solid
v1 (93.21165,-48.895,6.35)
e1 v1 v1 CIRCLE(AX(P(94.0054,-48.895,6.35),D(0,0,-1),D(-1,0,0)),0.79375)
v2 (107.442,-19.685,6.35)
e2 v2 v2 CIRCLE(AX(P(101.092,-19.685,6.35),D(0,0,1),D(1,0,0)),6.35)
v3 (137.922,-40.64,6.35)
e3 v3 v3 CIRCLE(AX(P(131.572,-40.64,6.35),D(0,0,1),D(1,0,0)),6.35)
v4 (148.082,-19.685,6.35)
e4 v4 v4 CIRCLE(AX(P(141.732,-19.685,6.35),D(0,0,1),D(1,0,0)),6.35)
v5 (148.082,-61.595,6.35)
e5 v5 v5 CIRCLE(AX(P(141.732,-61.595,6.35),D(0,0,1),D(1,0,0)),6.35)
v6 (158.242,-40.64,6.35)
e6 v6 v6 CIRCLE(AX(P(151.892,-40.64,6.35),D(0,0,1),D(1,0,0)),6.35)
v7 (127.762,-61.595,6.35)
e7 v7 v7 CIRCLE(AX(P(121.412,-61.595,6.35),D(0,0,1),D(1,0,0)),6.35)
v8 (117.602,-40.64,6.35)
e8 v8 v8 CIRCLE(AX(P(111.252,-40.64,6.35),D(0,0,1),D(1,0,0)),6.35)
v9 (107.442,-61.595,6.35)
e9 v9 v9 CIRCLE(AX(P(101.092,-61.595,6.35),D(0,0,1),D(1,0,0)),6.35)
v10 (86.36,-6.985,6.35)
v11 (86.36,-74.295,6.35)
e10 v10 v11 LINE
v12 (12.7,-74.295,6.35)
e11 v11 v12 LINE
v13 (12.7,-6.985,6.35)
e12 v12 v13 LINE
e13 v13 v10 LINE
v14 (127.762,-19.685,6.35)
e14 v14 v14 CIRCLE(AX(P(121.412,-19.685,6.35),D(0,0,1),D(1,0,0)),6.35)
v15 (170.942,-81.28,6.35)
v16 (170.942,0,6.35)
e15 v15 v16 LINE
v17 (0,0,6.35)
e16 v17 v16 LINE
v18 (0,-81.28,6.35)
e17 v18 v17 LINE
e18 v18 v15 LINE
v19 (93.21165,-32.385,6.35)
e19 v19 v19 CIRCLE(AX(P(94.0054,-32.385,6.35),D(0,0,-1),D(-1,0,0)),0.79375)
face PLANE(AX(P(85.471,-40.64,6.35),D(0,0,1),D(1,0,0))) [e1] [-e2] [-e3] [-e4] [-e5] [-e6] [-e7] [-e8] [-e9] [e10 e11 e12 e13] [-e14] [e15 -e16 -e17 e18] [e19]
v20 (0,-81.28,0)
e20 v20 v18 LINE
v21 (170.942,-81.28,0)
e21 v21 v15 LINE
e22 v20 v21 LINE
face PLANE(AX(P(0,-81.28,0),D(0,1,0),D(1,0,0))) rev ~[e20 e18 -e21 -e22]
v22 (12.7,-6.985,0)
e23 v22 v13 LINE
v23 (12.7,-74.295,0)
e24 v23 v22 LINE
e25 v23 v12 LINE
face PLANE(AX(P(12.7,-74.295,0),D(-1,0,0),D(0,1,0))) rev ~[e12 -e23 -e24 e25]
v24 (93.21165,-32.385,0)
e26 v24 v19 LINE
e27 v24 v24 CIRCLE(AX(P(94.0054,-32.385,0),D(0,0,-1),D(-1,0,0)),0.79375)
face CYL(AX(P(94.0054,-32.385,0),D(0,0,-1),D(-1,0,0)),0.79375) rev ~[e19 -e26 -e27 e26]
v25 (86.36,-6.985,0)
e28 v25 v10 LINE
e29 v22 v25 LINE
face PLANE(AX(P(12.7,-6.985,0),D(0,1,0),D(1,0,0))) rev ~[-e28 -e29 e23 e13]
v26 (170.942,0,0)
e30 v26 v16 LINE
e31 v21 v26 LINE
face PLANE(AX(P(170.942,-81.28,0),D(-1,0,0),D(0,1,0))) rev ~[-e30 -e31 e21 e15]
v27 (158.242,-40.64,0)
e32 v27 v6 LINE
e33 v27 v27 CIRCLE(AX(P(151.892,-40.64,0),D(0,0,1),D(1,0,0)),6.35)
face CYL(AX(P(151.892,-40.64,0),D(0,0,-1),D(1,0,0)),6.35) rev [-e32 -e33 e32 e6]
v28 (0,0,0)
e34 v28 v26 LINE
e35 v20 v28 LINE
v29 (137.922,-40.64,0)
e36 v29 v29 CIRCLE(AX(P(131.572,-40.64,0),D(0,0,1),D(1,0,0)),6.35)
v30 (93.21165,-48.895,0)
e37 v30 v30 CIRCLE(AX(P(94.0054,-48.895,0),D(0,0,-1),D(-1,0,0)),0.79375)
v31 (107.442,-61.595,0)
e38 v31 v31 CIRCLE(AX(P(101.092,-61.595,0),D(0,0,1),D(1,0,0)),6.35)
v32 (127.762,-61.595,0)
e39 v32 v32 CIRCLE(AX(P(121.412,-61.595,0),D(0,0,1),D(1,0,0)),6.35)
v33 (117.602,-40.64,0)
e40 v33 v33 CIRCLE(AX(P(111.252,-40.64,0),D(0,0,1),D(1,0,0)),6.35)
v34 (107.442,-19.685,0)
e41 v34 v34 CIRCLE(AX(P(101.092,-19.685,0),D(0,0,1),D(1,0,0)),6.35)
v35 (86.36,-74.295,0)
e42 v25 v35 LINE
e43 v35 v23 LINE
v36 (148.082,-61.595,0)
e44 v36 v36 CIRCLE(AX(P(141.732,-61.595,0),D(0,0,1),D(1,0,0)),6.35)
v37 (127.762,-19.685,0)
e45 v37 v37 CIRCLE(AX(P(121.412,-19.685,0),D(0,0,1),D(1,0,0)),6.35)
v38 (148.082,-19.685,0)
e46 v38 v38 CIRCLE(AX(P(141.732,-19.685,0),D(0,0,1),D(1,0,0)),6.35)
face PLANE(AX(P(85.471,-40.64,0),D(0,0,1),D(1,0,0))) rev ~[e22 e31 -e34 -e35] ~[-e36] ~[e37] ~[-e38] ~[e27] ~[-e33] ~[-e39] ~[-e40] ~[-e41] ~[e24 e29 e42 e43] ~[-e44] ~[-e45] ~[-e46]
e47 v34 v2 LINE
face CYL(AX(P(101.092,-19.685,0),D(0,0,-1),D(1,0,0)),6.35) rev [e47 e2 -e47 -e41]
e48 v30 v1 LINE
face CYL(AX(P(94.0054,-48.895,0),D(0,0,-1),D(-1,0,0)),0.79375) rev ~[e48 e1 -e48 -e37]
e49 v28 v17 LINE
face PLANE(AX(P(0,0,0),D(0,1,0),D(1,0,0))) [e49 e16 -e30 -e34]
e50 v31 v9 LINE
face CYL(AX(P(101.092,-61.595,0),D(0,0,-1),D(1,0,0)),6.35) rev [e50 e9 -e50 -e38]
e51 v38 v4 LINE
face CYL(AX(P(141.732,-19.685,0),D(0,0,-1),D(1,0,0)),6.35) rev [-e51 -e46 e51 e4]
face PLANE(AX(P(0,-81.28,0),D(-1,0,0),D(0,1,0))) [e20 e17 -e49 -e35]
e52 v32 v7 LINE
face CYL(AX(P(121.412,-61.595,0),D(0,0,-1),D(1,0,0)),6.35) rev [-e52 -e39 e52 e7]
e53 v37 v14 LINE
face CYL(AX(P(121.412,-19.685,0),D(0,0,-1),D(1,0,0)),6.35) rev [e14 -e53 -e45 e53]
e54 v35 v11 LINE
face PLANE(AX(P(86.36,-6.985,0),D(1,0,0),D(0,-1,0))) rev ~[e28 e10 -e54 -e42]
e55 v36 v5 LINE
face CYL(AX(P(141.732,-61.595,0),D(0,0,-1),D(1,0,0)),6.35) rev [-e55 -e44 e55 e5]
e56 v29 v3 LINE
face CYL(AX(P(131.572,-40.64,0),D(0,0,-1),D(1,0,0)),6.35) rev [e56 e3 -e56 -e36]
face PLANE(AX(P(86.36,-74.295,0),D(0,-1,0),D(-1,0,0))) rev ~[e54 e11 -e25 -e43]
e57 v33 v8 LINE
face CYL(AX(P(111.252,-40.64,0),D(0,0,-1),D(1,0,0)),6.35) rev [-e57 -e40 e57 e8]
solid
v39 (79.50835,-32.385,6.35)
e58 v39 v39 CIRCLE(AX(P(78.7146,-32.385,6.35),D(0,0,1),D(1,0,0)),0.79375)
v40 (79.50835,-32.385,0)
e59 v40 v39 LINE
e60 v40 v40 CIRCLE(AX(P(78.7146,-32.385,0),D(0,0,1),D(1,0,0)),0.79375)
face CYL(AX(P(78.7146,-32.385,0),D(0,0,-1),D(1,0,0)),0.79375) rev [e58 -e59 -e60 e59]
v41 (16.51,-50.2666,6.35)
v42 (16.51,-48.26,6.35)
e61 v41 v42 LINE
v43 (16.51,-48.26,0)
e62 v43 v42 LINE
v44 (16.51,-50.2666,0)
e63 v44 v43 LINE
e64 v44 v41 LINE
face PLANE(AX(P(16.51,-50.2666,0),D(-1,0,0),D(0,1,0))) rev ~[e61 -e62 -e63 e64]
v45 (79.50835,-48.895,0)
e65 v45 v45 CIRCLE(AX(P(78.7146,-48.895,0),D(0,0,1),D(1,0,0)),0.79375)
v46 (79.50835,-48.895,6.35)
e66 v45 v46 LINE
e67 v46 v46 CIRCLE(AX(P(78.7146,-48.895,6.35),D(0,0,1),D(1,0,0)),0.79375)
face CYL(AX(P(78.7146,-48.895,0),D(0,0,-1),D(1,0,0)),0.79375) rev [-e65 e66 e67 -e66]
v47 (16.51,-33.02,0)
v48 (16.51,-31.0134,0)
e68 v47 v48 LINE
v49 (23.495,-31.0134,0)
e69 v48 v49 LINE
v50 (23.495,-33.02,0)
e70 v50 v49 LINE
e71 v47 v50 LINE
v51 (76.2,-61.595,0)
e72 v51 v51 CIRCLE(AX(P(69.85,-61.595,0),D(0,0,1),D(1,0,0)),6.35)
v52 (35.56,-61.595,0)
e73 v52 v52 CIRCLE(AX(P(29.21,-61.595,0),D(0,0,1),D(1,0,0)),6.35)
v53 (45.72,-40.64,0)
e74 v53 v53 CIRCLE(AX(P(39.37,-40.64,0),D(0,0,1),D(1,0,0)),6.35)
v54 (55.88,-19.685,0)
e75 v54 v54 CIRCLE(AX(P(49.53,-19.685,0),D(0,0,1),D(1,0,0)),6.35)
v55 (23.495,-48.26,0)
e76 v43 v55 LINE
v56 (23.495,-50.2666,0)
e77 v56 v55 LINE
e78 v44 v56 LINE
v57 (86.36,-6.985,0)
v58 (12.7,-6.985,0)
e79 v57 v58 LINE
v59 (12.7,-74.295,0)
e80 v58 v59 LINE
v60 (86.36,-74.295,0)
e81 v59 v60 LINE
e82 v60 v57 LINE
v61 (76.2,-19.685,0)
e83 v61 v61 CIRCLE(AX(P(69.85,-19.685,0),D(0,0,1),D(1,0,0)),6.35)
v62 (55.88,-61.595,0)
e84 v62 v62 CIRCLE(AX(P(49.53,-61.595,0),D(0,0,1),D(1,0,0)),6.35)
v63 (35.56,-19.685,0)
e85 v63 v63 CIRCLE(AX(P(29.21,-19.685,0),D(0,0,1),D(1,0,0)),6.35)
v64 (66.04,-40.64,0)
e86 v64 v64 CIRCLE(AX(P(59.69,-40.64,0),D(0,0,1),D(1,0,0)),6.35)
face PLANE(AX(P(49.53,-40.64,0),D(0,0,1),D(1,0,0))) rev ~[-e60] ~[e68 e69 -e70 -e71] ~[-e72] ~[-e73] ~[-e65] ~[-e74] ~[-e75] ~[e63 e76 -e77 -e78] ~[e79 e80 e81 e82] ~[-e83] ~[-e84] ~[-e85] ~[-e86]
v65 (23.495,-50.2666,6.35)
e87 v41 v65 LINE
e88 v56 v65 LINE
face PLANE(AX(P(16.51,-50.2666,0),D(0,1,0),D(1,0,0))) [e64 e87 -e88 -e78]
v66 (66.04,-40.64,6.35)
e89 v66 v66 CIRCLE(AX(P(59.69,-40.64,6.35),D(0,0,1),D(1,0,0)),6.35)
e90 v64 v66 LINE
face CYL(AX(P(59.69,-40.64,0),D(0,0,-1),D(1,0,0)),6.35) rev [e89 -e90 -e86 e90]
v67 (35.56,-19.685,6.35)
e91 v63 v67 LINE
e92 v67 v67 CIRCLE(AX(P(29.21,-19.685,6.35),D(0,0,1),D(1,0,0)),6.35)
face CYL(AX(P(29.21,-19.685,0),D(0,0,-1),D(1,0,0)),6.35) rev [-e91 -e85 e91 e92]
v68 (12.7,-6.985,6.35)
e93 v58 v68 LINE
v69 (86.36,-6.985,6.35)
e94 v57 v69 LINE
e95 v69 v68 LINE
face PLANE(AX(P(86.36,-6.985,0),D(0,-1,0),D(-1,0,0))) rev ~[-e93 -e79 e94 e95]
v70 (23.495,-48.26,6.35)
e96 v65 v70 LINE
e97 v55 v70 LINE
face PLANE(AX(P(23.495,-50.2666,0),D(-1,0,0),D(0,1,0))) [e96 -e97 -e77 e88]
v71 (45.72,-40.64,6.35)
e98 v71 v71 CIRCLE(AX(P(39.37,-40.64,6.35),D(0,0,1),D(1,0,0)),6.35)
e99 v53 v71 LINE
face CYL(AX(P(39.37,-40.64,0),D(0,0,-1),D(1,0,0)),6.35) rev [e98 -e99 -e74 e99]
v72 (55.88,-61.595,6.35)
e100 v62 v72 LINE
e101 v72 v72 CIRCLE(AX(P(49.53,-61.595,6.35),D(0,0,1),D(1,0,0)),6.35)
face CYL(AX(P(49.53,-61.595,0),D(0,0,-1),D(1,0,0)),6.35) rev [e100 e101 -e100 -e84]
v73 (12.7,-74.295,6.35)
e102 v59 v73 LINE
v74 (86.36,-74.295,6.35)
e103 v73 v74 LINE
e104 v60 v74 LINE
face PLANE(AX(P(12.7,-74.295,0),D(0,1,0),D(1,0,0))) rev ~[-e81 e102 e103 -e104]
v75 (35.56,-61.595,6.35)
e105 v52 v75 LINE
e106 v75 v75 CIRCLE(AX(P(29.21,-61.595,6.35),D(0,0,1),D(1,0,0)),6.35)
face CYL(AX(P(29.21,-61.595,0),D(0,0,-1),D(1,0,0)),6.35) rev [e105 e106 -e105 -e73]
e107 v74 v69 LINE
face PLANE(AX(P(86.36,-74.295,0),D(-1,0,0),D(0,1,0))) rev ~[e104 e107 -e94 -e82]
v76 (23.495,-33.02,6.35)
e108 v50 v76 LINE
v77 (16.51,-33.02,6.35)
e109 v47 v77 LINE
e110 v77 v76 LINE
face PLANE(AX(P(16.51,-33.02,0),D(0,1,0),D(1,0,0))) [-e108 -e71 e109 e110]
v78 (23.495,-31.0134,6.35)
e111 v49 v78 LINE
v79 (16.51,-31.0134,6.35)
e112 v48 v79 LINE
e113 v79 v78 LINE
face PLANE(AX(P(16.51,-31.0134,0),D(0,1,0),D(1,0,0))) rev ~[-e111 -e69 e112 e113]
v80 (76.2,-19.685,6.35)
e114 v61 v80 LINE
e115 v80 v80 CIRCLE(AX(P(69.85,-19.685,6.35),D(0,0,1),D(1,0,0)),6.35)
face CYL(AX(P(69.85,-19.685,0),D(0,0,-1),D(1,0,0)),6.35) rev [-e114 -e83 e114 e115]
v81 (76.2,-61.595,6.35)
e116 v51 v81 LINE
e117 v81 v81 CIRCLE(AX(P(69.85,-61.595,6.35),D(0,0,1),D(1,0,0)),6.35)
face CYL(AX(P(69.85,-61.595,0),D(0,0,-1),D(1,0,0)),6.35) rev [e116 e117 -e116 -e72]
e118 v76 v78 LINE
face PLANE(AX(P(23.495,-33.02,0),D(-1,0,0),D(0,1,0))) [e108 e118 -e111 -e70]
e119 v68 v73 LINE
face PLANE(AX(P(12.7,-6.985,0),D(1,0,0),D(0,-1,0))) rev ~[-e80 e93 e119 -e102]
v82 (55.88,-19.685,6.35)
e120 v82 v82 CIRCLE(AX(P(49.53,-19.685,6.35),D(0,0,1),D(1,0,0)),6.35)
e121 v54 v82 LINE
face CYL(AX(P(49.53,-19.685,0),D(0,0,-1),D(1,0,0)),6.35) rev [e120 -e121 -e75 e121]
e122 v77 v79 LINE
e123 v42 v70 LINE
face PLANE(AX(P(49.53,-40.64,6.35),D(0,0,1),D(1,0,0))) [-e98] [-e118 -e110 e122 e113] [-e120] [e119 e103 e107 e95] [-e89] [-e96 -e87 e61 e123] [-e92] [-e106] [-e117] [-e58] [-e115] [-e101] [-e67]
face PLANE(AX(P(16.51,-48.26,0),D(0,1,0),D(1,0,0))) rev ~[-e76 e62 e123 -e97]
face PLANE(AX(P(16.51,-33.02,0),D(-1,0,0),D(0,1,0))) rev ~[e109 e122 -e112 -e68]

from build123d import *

# Parameters (mm, degrees)
F0_W     = 170.942
F0_H     = 81.28
F0_R     = 6.35
F1_DEPTH = 6.35
F0_W_2   = 6.985
F0_H_2   = 2.0066
F0_R_2   = 0.79375
F2_DEPTH = 6.35


with BuildPart() as f1:
    # F0 (on Top) → F1 (new body)
    with BuildSketch(Plane.XY):
        with Locations((85.471, -40.64)):
            Rectangle(F0_W, F0_H)
        Polygon((12.7, -74.295), (12.7, -6.985), (86.36, -6.985), (86.36, -32.385), (86.36, -40.64), (86.36, -48.895), (86.36, -74.295), align=None, mode=Mode.SUBTRACT)
        with Locations((101.092, -61.595)):
            Circle(F0_R, mode=Mode.SUBTRACT)
        with Locations((121.412, -61.595)):
            Circle(F0_R, mode=Mode.SUBTRACT)
        with Locations((141.732, -61.595)):
            Circle(F0_R, mode=Mode.SUBTRACT)
        with BuildLine():
            ThreePointArc((94.79915, -48.895), (94.0054, -49.68875), (93.21165, -48.895))
            ThreePointArc((93.21165, -48.895), (94.0054, -48.10125), (94.79915, -48.895))
        make_face(mode=Mode.SUBTRACT)
        with Locations((111.252, -40.64)):
            Circle(F0_R, mode=Mode.SUBTRACT)
        with Locations((131.572, -40.64)):
            Circle(F0_R, mode=Mode.SUBTRACT)
        with Locations((151.892, -40.64)):
            Circle(F0_R, mode=Mode.SUBTRACT)
        with BuildLine():
            ThreePointArc((94.79915, -32.385), (94.0054, -33.17875), (93.21165, -32.385))
            ThreePointArc((93.21165, -32.385), (94.0054, -31.59125), (94.79915, -32.385))
        make_face(mode=Mode.SUBTRACT)
        with Locations((101.092, -19.685)):
            Circle(F0_R, mode=Mode.SUBTRACT)
        with Locations((121.412, -19.685)):
            Circle(F0_R, mode=Mode.SUBTRACT)
        with Locations((141.732, -19.685)):
            Circle(F0_R, mode=Mode.SUBTRACT)
    extrude(amount=F1_DEPTH)


with BuildPart() as f2:
    # F0 (on Top) → F2 (new body)
    with BuildSketch(Plane.XY):
        Polygon((86.36, -6.985), (12.7, -6.985), (12.7, -74.295), (86.36, -74.295), (86.36, -48.895), (86.36, -40.64), (86.36, -32.385), align=None)
        with Locations((29.21, -61.595)):
            Circle(F0_R, mode=Mode.SUBTRACT)
        with Locations((49.53, -61.595)):
            Circle(F0_R, mode=Mode.SUBTRACT)
        with Locations((69.85, -61.595)):
            Circle(F0_R, mode=Mode.SUBTRACT)
        with Locations((20.0025, -49.2633)):
            Rectangle(F0_W_2, F0_H_2, mode=Mode.SUBTRACT)
        with Locations((39.37, -40.64)):
            Circle(F0_R, mode=Mode.SUBTRACT)
        with Locations((59.69, -40.64)):
            Circle(F0_R, mode=Mode.SUBTRACT)
        with Locations((78.7146, -48.895)):
            Circle(F0_R_2, mode=Mode.SUBTRACT)
        with Locations((20.0025, -32.0167)):
            Rectangle(F0_W_2, F0_H_2, mode=Mode.SUBTRACT)
        with Locations((78.7146, -32.385)):
            Circle(F0_R_2, mode=Mode.SUBTRACT)
        with Locations((29.21, -19.685)):
            Circle(F0_R, mode=Mode.SUBTRACT)
        with Locations((49.53, -19.685)):
            Circle(F0_R, mode=Mode.SUBTRACT)
        with Locations((69.85, -19.685)):
            Circle(F0_R, mode=Mode.SUBTRACT)
    extrude(amount=F2_DEPTH)


solid = Compound([f1.part, f2.part])
